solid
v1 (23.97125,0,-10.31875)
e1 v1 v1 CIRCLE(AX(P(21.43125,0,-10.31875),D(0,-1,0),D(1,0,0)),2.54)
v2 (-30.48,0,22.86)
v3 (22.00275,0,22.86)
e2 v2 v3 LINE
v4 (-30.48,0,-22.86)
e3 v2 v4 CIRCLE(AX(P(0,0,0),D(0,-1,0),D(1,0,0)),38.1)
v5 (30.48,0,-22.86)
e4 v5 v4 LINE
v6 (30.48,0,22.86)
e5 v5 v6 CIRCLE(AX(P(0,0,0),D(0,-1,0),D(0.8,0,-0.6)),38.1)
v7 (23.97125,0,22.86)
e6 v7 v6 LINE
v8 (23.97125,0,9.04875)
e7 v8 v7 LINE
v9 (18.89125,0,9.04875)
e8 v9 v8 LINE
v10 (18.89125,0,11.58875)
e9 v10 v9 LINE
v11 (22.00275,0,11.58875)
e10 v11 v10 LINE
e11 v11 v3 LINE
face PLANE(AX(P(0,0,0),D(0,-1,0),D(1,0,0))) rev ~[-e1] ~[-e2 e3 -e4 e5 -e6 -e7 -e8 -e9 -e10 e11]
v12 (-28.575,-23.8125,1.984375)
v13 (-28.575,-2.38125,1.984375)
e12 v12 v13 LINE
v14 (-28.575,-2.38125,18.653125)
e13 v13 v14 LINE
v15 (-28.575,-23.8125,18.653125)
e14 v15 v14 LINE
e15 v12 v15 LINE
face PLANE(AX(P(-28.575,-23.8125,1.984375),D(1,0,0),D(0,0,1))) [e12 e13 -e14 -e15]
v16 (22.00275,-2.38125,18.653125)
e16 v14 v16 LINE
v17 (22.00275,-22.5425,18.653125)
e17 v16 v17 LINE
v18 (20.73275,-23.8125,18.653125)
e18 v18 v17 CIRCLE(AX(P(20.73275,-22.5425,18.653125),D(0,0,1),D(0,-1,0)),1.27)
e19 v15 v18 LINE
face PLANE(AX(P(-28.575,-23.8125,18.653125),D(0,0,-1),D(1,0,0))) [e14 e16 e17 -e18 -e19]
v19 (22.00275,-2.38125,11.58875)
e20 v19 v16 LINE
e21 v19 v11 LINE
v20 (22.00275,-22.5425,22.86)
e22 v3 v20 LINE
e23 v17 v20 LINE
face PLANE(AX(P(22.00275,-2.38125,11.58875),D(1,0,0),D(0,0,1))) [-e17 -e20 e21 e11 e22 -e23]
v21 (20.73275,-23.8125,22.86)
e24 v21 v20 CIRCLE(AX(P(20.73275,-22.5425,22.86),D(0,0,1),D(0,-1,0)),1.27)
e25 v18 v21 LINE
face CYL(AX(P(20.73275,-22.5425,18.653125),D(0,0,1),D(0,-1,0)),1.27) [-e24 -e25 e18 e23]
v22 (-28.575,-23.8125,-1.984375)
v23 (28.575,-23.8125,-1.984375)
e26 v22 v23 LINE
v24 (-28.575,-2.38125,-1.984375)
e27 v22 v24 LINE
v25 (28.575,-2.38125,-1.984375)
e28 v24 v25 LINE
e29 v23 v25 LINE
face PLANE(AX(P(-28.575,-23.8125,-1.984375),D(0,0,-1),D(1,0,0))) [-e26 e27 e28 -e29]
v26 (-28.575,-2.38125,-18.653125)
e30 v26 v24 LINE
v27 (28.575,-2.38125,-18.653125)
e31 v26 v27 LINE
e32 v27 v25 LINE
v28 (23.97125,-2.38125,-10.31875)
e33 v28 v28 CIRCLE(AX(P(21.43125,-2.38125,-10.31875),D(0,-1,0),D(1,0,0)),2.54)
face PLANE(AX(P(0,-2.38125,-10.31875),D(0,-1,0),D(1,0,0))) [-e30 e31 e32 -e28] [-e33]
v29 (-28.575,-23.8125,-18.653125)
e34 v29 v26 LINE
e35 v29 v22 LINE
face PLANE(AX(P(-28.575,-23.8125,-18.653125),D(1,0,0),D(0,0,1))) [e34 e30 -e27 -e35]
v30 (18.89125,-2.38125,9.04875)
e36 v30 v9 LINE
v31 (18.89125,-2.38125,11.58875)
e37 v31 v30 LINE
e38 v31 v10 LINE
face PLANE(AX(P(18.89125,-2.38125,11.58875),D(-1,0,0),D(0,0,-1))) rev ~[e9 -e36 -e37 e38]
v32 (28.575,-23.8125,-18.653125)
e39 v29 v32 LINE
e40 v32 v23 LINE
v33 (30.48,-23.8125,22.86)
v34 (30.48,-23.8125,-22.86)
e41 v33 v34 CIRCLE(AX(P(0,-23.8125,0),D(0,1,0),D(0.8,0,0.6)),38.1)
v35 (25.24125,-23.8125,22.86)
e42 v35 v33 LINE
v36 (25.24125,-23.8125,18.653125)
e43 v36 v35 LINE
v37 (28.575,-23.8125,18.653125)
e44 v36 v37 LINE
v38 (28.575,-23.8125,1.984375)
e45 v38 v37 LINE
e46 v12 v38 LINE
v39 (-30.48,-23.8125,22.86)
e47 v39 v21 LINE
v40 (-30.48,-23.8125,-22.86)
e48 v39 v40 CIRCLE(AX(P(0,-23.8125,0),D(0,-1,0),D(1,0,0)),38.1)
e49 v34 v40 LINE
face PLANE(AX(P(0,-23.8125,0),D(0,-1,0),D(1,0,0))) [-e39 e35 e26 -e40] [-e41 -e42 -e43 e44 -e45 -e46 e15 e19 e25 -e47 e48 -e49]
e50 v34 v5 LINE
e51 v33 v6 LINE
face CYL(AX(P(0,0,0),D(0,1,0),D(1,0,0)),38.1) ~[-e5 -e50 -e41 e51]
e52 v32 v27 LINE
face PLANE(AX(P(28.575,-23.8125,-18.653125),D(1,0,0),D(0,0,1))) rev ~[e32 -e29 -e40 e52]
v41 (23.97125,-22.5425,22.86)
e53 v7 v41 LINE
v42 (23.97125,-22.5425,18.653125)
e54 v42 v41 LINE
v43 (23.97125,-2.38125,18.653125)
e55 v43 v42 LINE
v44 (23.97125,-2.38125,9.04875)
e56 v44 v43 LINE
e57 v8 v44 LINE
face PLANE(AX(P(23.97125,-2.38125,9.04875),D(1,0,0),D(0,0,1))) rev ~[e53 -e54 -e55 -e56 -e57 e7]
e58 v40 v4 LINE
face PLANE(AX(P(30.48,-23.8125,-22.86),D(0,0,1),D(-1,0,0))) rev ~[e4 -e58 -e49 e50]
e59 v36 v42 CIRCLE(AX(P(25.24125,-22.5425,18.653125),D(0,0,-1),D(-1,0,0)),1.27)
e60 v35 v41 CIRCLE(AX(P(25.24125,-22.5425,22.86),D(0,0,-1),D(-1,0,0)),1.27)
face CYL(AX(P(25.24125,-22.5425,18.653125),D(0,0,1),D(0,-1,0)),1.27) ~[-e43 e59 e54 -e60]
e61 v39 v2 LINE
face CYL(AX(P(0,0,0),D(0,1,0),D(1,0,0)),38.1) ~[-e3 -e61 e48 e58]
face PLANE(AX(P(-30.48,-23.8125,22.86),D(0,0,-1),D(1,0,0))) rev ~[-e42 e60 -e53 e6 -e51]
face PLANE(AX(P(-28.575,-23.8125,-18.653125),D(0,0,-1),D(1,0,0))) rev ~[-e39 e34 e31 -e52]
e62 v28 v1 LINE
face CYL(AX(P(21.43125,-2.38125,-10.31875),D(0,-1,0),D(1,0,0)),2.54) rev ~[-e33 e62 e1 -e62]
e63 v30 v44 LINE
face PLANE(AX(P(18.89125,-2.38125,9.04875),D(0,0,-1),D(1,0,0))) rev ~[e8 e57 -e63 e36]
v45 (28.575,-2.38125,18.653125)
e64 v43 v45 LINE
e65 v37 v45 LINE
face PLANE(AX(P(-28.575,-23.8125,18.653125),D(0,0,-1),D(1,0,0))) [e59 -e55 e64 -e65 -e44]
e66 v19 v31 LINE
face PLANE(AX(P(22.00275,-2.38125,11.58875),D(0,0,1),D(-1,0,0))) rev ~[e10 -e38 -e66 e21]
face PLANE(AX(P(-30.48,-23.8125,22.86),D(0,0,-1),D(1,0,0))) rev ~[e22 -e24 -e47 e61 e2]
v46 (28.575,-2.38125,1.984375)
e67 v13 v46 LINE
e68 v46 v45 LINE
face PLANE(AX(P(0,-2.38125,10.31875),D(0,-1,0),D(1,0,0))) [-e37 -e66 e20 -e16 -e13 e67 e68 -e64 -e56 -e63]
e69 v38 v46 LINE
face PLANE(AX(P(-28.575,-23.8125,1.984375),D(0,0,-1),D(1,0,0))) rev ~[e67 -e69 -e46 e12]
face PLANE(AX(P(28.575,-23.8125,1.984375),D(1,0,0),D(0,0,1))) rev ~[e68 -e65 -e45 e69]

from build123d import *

# Parameters (mm, degrees)
F0_R     = 38.1
F1_DEPTH = 23.8125
F2_W     = 57.15
F2_H     = 16.66875
F3_DEPTH = 21.43125
F5_DEPTH = 25.4
F6_R     = 2.54
F6_W     = 1.9685
F6_H     = 12.000408
F7_DEPTH = 25.4
F8_R     = 1.27


with BuildPart() as f1:
    # F0 (on Front) → F1 (new body)
    with BuildSketch(Plane.XZ):
        Circle(F0_R)
    extrude(amount=F1_DEPTH)

    # F2 (on face) → F3 (cut)
    with BuildSketch(Plane.XZ.offset(23.8125)):
        with Locations((0, 10.31875)):
            Rectangle(F2_W, F2_H)
        with Locations((0, -10.31875)):
            Rectangle(F2_W, F2_H)
    extrude(amount=-F3_DEPTH, mode=Mode.SUBTRACT)

    # F4 (on face) → F5 (cut)
    with BuildSketch(Plane.XZ.offset(23.8125)):
        with BuildLine():
            Line((-30.48, 22.86), (30.48, 22.86))
            ThreePointArc((30.48, 22.86), (0, 38.1), (-30.48, 22.86))
        make_face()
        with BuildLine():
            ThreePointArc((-30.48, -22.86), (0, -38.1), (30.48, -22.86))
            Line((30.48, -22.86), (-30.48, -22.86))
        make_face()
    extrude(amount=-F5_DEPTH, mode=Mode.SUBTRACT)

    # F6 (on face) → F7 (cut, symmetric)
    with BuildSketch(Plane.XZ.offset(2.38125)):
        with Locations((21.43125, -10.31875)):
            Circle(F6_R)
        Polygon((18.89125, 9.04875), (23.97125, 9.04875), (23.97125, 11.58875), (22.00275, 11.58875), (18.89125, 11.58875), align=None)
        with Locations((22.987, 17.588954)):
            Rectangle(F6_W, F6_H)
    extrude(amount=F7_DEPTH, both=True, mode=Mode.SUBTRACT)

    # F8
    f8_edges = [f1.edges().sort_by_distance(p)[0] for p in [
        (23.97125, -23.8125, 20.756562),
        (22.00275, -23.8125, 20.756562),
    ]]
    fillet(f8_edges, radius=F8_R)


solid = f1.part
